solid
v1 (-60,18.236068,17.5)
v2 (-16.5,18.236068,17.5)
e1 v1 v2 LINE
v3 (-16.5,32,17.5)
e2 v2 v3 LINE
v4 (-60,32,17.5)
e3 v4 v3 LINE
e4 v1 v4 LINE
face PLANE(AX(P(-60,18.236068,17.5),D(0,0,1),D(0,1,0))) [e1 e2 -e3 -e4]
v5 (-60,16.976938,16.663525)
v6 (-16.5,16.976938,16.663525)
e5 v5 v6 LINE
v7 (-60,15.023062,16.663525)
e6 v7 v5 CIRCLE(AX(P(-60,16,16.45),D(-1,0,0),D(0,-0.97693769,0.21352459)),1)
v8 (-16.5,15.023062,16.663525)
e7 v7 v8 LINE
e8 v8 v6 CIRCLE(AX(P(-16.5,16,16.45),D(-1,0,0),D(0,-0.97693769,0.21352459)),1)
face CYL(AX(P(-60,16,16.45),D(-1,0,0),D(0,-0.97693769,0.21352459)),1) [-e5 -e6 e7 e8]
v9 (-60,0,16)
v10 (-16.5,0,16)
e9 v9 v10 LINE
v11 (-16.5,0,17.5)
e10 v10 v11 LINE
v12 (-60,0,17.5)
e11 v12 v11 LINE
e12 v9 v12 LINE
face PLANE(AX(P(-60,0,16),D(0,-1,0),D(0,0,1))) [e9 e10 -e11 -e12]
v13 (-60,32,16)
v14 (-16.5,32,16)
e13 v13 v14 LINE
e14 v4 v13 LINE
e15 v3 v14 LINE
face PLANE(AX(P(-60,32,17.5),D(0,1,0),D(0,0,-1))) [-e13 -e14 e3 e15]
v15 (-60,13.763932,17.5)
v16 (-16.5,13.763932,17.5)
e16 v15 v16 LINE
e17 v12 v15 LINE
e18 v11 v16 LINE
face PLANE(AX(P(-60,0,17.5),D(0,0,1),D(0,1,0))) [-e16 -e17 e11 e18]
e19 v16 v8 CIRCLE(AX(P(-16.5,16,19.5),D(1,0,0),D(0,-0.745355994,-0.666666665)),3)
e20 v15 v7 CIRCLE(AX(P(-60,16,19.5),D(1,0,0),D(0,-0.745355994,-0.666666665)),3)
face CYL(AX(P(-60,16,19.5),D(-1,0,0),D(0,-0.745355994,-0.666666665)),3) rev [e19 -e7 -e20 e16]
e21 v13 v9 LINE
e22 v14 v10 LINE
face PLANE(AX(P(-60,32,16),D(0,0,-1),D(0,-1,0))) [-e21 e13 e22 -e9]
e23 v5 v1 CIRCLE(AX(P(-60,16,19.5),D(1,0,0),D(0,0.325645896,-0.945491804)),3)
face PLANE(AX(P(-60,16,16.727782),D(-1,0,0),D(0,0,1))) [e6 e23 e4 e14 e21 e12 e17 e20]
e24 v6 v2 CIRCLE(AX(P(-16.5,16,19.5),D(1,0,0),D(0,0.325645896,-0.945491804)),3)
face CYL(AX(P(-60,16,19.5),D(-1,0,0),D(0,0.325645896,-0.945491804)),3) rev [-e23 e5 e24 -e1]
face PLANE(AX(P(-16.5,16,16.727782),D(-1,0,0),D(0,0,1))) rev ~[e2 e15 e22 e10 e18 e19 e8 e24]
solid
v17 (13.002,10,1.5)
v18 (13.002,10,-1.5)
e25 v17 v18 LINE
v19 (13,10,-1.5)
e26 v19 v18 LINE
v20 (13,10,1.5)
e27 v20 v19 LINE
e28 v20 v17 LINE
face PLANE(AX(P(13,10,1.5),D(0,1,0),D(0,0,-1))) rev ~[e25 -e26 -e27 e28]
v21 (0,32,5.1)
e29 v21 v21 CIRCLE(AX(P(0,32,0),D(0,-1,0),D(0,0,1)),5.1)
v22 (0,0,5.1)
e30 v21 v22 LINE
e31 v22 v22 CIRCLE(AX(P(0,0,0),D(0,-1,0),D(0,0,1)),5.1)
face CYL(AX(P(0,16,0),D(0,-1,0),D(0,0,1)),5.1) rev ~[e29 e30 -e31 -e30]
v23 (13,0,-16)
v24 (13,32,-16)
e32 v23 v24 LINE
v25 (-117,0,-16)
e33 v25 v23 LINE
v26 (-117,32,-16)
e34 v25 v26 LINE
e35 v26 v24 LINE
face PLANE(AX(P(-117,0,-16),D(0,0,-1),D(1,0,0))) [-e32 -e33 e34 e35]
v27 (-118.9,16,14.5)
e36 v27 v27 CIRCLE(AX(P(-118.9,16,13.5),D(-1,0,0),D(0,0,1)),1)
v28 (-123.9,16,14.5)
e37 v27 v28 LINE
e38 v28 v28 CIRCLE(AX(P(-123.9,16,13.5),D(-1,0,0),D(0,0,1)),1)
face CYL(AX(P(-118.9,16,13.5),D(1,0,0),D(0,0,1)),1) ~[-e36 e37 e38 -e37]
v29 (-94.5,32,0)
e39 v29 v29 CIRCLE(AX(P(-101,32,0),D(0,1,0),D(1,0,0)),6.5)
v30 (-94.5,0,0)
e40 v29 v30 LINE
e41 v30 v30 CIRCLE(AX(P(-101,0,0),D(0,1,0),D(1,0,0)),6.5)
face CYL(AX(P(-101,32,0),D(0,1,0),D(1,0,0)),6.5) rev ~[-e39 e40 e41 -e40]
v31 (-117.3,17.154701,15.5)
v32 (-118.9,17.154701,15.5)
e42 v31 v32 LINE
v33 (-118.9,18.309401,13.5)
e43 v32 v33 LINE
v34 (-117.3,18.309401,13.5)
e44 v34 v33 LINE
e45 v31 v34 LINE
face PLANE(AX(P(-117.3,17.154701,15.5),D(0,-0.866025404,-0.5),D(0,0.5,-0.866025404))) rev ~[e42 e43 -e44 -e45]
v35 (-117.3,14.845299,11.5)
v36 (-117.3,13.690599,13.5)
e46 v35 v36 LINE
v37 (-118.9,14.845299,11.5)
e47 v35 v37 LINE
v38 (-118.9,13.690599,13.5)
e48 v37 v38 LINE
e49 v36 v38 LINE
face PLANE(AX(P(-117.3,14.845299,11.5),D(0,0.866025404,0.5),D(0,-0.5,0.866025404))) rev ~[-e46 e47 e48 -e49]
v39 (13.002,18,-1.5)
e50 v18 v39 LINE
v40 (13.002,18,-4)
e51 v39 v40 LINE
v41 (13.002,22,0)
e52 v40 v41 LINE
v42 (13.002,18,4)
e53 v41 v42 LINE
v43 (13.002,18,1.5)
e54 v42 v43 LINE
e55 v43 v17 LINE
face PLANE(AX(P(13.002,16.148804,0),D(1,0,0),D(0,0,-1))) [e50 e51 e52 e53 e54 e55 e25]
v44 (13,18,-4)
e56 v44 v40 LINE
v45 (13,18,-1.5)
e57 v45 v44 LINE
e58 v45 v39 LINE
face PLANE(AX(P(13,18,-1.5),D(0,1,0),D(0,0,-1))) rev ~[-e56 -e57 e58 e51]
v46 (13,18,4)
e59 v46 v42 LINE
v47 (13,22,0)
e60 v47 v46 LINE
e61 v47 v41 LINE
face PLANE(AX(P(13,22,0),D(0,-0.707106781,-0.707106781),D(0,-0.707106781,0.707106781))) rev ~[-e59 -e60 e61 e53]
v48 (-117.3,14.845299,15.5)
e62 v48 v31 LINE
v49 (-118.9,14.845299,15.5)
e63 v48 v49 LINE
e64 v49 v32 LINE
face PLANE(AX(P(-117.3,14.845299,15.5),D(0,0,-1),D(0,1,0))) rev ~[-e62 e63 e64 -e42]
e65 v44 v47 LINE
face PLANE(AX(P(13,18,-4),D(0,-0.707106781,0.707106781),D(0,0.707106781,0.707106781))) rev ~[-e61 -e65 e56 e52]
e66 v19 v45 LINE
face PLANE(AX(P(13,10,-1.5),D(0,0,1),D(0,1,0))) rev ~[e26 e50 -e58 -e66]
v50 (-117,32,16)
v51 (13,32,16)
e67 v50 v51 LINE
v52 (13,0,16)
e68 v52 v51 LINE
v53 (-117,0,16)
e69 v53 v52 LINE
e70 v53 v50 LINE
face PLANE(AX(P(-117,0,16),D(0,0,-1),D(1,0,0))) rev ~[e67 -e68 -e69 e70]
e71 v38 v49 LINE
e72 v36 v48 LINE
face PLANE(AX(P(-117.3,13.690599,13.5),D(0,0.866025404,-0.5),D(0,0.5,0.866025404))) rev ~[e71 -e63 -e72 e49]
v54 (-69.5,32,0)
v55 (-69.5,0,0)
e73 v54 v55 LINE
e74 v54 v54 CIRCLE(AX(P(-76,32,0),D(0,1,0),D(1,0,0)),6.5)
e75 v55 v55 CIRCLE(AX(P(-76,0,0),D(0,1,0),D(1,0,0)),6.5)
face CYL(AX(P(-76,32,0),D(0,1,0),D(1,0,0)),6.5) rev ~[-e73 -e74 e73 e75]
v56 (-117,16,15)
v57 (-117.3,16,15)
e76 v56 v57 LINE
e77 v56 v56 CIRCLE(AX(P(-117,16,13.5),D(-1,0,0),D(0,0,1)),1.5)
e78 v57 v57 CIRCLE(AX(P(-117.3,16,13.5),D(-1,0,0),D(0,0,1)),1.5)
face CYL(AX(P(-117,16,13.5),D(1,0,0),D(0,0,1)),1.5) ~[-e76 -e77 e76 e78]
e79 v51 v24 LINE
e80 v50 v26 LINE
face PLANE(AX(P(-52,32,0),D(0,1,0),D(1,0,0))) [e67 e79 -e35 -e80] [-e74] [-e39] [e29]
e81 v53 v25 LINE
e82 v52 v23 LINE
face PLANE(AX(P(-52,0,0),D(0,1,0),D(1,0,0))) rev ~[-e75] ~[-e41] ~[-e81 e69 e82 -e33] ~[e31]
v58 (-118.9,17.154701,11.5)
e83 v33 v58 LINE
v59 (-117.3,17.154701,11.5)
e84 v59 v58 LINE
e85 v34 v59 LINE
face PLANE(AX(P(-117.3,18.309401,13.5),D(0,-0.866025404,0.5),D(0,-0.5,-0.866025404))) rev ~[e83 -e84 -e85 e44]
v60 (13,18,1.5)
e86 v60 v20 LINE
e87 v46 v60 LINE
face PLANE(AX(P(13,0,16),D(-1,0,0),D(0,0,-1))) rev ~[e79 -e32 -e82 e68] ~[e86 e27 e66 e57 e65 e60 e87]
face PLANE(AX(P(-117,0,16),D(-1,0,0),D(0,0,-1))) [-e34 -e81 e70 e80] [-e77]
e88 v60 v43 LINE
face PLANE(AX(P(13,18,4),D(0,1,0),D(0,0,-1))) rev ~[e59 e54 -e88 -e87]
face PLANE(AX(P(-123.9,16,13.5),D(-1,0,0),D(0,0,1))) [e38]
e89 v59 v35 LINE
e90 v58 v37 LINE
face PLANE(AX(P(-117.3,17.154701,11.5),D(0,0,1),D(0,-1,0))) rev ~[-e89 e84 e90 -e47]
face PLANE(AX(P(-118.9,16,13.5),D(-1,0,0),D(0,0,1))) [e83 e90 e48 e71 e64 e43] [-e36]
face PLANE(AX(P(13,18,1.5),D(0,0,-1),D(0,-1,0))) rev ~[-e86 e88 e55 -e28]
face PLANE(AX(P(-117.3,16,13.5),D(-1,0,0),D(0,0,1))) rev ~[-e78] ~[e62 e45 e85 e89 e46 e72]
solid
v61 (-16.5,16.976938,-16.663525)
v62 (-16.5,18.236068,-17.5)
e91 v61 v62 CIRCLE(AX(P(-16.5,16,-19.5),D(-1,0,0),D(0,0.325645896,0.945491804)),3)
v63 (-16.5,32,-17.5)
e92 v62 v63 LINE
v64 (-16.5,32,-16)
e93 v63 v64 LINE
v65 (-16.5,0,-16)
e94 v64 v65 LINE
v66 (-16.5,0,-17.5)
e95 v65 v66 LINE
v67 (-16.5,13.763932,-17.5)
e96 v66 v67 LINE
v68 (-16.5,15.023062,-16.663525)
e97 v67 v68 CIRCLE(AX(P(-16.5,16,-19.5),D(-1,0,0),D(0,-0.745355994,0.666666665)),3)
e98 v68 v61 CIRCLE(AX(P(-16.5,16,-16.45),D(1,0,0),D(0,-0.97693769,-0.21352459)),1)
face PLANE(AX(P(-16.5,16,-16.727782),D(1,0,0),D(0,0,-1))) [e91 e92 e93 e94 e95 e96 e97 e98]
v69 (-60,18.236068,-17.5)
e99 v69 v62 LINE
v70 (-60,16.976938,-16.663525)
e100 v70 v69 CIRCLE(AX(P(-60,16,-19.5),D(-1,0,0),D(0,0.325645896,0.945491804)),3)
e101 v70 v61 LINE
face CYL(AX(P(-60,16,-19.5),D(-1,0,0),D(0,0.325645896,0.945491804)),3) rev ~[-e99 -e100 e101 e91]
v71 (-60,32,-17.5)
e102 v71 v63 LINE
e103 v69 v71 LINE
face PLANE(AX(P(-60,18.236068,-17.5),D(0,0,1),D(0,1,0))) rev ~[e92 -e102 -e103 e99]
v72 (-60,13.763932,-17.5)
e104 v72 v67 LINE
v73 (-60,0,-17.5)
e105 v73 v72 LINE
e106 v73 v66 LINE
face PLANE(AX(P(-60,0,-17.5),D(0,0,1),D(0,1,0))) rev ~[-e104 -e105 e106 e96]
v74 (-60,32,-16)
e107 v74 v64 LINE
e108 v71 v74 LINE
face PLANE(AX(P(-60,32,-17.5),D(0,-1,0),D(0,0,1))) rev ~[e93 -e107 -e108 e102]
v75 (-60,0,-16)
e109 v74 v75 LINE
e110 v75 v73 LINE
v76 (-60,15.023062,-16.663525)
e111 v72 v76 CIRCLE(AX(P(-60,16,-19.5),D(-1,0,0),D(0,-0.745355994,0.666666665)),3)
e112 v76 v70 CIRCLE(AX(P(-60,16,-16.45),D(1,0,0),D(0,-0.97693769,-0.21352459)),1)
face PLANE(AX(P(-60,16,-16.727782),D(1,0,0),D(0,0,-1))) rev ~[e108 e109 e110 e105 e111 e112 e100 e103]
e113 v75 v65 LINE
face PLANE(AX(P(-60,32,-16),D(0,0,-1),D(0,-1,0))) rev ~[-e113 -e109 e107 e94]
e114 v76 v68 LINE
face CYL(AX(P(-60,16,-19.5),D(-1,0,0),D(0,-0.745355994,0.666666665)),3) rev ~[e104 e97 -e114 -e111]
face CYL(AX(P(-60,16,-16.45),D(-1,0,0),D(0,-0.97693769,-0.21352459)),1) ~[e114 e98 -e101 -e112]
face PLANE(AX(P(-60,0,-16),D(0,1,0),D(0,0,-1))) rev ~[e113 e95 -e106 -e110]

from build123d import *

# Parameters (mm, degrees)
SKETCH_1_W          = 130
SKETCH_1_H          = 32
EXTRUDE_1_DEPTH     = 32
EXTRUDE_START       = -57
EXTRUDE_2_DEPTH     = 43.5
EXTRUDE_2_2_DEPTH   = 43.5
SKETCH_3_R          = 6.5
CUT_EXTRUDE_3_DEPTH = 33
SKETCH_4_W          = 5.1
SKETCH_4_H          = 32
SKETCH_6_R          = 1.5
EXTRUDE_4_DEPTH     = 0.3
EXTRUDE_5_DEPTH     = 1.6
SKETCH_8_R          = 1
EXTRUDE_6_DEPTH     = 5
EXTRUDE_8_DEPTH     = 0.002


with BuildPart() as part:
    # Эскиз1 → Вытянуть1 (new body)
    with BuildSketch(Plane(origin=(0, 0, 0), x_dir=(1, 0, 0), z_dir=(0, 1, 0))):
        with Locations((-52, 0)):
            Rectangle(SKETCH_1_W, SKETCH_1_H)
    extrude(amount=EXTRUDE_1_DEPTH)

    # Эскиз3 → Вытянуть3 (cut, through all)
    with BuildSketch(Plane(origin=(0, 32, 0), x_dir=(1, 0, 0), z_dir=(0, 1, 0))):
        with Locations((-101, 0)):
            Circle(SKETCH_3_R)
        with Locations((-76, 0)):
            Circle(SKETCH_3_R)
    extrude(amount=-CUT_EXTRUDE_3_DEPTH, mode=Mode.SUBTRACT)

    # Эскиз4 → Отверстие обработанное метчиком M12x1.751 (revolve, cut)
    with BuildSketch(Plane(origin=(0, 32, 0), x_dir=(0, 0, 1), z_dir=(1, 0, 0))):
        with Locations((2.55, 16)):
            Rectangle(SKETCH_4_W, SKETCH_4_H)
    revolve(axis=Axis((0, 38.35, 0), (0, -1, 0)), mode=Mode.SUBTRACT)

    # Эскиз6 → Вытянуть4 (add)
    with BuildSketch(Plane.ZY.offset(117)):
        with Locations((13.5, 16)):
            Circle(SKETCH_6_R)
    extrude(amount=EXTRUDE_4_DEPTH)

    # Эскиз7 → Вытянуть5 (add)
    with BuildSketch(Plane.ZY.offset(117.3)):
        Polygon((13.5, 18.309401077), (11.5, 17.154700538), (11.5, 14.845299462), (13.5, 13.690598923), (15.5, 14.845299462), (15.5, 17.154700538), align=None)
    extrude(amount=EXTRUDE_5_DEPTH)

    # Эскиз8 → Вытянуть6 (add)
    with BuildSketch(Plane.ZY.offset(118.9)):
        with Locations((13.5, 16)):
            Circle(SKETCH_8_R)
    extrude(amount=EXTRUDE_6_DEPTH)

    # Эскиз10 → Вытянуть8 (add)
    with BuildSketch(Plane(origin=(13, 0, 0), x_dir=(0, 0, -1), z_dir=(1, 0, 0))):
        Polygon((0, 22), (-4, 18), (-1.5, 18), (-1.5, 10), (1.5, 10), (1.5, 18), (4, 18), align=None)
    extrude(amount=EXTRUDE_8_DEPTH)


with BuildPart() as body_2:
    # Эскиз2 → Вытянуть2 (new body)
    with BuildSketch(Plane.ZY.offset(117).offset(EXTRUDE_START)):
        with BuildLine():
            Line((-16, 0), (-17.5, 0))
            Line((-17.5, 0), (-17.5, 13.763932023))
            ThreePointArc((-17.5, 13.763932023), (-17.001155093, 14.339947551), (-16.66352459, 15.02306231))
            ThreePointArc((-16.66352459, 15.02306231), (-17.45, 16), (-16.66352459, 16.97693769))
            ThreePointArc((-16.66352459, 16.97693769), (-17.001155093, 17.660052449), (-17.5, 18.236067977))
            Line((-17.5, 18.236067977), (-17.5, 32))
            Line((-17.5, 32), (-16, 32))
            Line((-16, 32), (-16, 0))
        make_face()
    extrude(amount=-EXTRUDE_2_DEPTH)


with BuildPart() as body_3:
    # Эскиз2 → Extrude 2 2 (new body)
    with BuildSketch(Plane.ZY.offset(117).offset(EXTRUDE_START)):
        with BuildLine():
            Line((17.5, 18.236067977), (17.5, 32))
            Line((17.5, 32), (16, 32))
            Line((16, 32), (16, 0))
            Line((16, 0), (17.5, 0))
            Line((17.5, 0), (17.5, 13.763932023))
            ThreePointArc((17.5, 13.763932023), (17.001155093, 14.339947551), (16.66352459, 15.02306231))
            ThreePointArc((16.66352459, 15.02306231), (17.45, 16), (16.66352459, 16.97693769))
            ThreePointArc((16.66352459, 16.97693769), (17.001155093, 17.660052449), (17.5, 18.236067977))
        make_face()
    extrude(amount=-EXTRUDE_2_2_DEPTH)


solid = Compound([part.part, body_2.part, body_3.part])
